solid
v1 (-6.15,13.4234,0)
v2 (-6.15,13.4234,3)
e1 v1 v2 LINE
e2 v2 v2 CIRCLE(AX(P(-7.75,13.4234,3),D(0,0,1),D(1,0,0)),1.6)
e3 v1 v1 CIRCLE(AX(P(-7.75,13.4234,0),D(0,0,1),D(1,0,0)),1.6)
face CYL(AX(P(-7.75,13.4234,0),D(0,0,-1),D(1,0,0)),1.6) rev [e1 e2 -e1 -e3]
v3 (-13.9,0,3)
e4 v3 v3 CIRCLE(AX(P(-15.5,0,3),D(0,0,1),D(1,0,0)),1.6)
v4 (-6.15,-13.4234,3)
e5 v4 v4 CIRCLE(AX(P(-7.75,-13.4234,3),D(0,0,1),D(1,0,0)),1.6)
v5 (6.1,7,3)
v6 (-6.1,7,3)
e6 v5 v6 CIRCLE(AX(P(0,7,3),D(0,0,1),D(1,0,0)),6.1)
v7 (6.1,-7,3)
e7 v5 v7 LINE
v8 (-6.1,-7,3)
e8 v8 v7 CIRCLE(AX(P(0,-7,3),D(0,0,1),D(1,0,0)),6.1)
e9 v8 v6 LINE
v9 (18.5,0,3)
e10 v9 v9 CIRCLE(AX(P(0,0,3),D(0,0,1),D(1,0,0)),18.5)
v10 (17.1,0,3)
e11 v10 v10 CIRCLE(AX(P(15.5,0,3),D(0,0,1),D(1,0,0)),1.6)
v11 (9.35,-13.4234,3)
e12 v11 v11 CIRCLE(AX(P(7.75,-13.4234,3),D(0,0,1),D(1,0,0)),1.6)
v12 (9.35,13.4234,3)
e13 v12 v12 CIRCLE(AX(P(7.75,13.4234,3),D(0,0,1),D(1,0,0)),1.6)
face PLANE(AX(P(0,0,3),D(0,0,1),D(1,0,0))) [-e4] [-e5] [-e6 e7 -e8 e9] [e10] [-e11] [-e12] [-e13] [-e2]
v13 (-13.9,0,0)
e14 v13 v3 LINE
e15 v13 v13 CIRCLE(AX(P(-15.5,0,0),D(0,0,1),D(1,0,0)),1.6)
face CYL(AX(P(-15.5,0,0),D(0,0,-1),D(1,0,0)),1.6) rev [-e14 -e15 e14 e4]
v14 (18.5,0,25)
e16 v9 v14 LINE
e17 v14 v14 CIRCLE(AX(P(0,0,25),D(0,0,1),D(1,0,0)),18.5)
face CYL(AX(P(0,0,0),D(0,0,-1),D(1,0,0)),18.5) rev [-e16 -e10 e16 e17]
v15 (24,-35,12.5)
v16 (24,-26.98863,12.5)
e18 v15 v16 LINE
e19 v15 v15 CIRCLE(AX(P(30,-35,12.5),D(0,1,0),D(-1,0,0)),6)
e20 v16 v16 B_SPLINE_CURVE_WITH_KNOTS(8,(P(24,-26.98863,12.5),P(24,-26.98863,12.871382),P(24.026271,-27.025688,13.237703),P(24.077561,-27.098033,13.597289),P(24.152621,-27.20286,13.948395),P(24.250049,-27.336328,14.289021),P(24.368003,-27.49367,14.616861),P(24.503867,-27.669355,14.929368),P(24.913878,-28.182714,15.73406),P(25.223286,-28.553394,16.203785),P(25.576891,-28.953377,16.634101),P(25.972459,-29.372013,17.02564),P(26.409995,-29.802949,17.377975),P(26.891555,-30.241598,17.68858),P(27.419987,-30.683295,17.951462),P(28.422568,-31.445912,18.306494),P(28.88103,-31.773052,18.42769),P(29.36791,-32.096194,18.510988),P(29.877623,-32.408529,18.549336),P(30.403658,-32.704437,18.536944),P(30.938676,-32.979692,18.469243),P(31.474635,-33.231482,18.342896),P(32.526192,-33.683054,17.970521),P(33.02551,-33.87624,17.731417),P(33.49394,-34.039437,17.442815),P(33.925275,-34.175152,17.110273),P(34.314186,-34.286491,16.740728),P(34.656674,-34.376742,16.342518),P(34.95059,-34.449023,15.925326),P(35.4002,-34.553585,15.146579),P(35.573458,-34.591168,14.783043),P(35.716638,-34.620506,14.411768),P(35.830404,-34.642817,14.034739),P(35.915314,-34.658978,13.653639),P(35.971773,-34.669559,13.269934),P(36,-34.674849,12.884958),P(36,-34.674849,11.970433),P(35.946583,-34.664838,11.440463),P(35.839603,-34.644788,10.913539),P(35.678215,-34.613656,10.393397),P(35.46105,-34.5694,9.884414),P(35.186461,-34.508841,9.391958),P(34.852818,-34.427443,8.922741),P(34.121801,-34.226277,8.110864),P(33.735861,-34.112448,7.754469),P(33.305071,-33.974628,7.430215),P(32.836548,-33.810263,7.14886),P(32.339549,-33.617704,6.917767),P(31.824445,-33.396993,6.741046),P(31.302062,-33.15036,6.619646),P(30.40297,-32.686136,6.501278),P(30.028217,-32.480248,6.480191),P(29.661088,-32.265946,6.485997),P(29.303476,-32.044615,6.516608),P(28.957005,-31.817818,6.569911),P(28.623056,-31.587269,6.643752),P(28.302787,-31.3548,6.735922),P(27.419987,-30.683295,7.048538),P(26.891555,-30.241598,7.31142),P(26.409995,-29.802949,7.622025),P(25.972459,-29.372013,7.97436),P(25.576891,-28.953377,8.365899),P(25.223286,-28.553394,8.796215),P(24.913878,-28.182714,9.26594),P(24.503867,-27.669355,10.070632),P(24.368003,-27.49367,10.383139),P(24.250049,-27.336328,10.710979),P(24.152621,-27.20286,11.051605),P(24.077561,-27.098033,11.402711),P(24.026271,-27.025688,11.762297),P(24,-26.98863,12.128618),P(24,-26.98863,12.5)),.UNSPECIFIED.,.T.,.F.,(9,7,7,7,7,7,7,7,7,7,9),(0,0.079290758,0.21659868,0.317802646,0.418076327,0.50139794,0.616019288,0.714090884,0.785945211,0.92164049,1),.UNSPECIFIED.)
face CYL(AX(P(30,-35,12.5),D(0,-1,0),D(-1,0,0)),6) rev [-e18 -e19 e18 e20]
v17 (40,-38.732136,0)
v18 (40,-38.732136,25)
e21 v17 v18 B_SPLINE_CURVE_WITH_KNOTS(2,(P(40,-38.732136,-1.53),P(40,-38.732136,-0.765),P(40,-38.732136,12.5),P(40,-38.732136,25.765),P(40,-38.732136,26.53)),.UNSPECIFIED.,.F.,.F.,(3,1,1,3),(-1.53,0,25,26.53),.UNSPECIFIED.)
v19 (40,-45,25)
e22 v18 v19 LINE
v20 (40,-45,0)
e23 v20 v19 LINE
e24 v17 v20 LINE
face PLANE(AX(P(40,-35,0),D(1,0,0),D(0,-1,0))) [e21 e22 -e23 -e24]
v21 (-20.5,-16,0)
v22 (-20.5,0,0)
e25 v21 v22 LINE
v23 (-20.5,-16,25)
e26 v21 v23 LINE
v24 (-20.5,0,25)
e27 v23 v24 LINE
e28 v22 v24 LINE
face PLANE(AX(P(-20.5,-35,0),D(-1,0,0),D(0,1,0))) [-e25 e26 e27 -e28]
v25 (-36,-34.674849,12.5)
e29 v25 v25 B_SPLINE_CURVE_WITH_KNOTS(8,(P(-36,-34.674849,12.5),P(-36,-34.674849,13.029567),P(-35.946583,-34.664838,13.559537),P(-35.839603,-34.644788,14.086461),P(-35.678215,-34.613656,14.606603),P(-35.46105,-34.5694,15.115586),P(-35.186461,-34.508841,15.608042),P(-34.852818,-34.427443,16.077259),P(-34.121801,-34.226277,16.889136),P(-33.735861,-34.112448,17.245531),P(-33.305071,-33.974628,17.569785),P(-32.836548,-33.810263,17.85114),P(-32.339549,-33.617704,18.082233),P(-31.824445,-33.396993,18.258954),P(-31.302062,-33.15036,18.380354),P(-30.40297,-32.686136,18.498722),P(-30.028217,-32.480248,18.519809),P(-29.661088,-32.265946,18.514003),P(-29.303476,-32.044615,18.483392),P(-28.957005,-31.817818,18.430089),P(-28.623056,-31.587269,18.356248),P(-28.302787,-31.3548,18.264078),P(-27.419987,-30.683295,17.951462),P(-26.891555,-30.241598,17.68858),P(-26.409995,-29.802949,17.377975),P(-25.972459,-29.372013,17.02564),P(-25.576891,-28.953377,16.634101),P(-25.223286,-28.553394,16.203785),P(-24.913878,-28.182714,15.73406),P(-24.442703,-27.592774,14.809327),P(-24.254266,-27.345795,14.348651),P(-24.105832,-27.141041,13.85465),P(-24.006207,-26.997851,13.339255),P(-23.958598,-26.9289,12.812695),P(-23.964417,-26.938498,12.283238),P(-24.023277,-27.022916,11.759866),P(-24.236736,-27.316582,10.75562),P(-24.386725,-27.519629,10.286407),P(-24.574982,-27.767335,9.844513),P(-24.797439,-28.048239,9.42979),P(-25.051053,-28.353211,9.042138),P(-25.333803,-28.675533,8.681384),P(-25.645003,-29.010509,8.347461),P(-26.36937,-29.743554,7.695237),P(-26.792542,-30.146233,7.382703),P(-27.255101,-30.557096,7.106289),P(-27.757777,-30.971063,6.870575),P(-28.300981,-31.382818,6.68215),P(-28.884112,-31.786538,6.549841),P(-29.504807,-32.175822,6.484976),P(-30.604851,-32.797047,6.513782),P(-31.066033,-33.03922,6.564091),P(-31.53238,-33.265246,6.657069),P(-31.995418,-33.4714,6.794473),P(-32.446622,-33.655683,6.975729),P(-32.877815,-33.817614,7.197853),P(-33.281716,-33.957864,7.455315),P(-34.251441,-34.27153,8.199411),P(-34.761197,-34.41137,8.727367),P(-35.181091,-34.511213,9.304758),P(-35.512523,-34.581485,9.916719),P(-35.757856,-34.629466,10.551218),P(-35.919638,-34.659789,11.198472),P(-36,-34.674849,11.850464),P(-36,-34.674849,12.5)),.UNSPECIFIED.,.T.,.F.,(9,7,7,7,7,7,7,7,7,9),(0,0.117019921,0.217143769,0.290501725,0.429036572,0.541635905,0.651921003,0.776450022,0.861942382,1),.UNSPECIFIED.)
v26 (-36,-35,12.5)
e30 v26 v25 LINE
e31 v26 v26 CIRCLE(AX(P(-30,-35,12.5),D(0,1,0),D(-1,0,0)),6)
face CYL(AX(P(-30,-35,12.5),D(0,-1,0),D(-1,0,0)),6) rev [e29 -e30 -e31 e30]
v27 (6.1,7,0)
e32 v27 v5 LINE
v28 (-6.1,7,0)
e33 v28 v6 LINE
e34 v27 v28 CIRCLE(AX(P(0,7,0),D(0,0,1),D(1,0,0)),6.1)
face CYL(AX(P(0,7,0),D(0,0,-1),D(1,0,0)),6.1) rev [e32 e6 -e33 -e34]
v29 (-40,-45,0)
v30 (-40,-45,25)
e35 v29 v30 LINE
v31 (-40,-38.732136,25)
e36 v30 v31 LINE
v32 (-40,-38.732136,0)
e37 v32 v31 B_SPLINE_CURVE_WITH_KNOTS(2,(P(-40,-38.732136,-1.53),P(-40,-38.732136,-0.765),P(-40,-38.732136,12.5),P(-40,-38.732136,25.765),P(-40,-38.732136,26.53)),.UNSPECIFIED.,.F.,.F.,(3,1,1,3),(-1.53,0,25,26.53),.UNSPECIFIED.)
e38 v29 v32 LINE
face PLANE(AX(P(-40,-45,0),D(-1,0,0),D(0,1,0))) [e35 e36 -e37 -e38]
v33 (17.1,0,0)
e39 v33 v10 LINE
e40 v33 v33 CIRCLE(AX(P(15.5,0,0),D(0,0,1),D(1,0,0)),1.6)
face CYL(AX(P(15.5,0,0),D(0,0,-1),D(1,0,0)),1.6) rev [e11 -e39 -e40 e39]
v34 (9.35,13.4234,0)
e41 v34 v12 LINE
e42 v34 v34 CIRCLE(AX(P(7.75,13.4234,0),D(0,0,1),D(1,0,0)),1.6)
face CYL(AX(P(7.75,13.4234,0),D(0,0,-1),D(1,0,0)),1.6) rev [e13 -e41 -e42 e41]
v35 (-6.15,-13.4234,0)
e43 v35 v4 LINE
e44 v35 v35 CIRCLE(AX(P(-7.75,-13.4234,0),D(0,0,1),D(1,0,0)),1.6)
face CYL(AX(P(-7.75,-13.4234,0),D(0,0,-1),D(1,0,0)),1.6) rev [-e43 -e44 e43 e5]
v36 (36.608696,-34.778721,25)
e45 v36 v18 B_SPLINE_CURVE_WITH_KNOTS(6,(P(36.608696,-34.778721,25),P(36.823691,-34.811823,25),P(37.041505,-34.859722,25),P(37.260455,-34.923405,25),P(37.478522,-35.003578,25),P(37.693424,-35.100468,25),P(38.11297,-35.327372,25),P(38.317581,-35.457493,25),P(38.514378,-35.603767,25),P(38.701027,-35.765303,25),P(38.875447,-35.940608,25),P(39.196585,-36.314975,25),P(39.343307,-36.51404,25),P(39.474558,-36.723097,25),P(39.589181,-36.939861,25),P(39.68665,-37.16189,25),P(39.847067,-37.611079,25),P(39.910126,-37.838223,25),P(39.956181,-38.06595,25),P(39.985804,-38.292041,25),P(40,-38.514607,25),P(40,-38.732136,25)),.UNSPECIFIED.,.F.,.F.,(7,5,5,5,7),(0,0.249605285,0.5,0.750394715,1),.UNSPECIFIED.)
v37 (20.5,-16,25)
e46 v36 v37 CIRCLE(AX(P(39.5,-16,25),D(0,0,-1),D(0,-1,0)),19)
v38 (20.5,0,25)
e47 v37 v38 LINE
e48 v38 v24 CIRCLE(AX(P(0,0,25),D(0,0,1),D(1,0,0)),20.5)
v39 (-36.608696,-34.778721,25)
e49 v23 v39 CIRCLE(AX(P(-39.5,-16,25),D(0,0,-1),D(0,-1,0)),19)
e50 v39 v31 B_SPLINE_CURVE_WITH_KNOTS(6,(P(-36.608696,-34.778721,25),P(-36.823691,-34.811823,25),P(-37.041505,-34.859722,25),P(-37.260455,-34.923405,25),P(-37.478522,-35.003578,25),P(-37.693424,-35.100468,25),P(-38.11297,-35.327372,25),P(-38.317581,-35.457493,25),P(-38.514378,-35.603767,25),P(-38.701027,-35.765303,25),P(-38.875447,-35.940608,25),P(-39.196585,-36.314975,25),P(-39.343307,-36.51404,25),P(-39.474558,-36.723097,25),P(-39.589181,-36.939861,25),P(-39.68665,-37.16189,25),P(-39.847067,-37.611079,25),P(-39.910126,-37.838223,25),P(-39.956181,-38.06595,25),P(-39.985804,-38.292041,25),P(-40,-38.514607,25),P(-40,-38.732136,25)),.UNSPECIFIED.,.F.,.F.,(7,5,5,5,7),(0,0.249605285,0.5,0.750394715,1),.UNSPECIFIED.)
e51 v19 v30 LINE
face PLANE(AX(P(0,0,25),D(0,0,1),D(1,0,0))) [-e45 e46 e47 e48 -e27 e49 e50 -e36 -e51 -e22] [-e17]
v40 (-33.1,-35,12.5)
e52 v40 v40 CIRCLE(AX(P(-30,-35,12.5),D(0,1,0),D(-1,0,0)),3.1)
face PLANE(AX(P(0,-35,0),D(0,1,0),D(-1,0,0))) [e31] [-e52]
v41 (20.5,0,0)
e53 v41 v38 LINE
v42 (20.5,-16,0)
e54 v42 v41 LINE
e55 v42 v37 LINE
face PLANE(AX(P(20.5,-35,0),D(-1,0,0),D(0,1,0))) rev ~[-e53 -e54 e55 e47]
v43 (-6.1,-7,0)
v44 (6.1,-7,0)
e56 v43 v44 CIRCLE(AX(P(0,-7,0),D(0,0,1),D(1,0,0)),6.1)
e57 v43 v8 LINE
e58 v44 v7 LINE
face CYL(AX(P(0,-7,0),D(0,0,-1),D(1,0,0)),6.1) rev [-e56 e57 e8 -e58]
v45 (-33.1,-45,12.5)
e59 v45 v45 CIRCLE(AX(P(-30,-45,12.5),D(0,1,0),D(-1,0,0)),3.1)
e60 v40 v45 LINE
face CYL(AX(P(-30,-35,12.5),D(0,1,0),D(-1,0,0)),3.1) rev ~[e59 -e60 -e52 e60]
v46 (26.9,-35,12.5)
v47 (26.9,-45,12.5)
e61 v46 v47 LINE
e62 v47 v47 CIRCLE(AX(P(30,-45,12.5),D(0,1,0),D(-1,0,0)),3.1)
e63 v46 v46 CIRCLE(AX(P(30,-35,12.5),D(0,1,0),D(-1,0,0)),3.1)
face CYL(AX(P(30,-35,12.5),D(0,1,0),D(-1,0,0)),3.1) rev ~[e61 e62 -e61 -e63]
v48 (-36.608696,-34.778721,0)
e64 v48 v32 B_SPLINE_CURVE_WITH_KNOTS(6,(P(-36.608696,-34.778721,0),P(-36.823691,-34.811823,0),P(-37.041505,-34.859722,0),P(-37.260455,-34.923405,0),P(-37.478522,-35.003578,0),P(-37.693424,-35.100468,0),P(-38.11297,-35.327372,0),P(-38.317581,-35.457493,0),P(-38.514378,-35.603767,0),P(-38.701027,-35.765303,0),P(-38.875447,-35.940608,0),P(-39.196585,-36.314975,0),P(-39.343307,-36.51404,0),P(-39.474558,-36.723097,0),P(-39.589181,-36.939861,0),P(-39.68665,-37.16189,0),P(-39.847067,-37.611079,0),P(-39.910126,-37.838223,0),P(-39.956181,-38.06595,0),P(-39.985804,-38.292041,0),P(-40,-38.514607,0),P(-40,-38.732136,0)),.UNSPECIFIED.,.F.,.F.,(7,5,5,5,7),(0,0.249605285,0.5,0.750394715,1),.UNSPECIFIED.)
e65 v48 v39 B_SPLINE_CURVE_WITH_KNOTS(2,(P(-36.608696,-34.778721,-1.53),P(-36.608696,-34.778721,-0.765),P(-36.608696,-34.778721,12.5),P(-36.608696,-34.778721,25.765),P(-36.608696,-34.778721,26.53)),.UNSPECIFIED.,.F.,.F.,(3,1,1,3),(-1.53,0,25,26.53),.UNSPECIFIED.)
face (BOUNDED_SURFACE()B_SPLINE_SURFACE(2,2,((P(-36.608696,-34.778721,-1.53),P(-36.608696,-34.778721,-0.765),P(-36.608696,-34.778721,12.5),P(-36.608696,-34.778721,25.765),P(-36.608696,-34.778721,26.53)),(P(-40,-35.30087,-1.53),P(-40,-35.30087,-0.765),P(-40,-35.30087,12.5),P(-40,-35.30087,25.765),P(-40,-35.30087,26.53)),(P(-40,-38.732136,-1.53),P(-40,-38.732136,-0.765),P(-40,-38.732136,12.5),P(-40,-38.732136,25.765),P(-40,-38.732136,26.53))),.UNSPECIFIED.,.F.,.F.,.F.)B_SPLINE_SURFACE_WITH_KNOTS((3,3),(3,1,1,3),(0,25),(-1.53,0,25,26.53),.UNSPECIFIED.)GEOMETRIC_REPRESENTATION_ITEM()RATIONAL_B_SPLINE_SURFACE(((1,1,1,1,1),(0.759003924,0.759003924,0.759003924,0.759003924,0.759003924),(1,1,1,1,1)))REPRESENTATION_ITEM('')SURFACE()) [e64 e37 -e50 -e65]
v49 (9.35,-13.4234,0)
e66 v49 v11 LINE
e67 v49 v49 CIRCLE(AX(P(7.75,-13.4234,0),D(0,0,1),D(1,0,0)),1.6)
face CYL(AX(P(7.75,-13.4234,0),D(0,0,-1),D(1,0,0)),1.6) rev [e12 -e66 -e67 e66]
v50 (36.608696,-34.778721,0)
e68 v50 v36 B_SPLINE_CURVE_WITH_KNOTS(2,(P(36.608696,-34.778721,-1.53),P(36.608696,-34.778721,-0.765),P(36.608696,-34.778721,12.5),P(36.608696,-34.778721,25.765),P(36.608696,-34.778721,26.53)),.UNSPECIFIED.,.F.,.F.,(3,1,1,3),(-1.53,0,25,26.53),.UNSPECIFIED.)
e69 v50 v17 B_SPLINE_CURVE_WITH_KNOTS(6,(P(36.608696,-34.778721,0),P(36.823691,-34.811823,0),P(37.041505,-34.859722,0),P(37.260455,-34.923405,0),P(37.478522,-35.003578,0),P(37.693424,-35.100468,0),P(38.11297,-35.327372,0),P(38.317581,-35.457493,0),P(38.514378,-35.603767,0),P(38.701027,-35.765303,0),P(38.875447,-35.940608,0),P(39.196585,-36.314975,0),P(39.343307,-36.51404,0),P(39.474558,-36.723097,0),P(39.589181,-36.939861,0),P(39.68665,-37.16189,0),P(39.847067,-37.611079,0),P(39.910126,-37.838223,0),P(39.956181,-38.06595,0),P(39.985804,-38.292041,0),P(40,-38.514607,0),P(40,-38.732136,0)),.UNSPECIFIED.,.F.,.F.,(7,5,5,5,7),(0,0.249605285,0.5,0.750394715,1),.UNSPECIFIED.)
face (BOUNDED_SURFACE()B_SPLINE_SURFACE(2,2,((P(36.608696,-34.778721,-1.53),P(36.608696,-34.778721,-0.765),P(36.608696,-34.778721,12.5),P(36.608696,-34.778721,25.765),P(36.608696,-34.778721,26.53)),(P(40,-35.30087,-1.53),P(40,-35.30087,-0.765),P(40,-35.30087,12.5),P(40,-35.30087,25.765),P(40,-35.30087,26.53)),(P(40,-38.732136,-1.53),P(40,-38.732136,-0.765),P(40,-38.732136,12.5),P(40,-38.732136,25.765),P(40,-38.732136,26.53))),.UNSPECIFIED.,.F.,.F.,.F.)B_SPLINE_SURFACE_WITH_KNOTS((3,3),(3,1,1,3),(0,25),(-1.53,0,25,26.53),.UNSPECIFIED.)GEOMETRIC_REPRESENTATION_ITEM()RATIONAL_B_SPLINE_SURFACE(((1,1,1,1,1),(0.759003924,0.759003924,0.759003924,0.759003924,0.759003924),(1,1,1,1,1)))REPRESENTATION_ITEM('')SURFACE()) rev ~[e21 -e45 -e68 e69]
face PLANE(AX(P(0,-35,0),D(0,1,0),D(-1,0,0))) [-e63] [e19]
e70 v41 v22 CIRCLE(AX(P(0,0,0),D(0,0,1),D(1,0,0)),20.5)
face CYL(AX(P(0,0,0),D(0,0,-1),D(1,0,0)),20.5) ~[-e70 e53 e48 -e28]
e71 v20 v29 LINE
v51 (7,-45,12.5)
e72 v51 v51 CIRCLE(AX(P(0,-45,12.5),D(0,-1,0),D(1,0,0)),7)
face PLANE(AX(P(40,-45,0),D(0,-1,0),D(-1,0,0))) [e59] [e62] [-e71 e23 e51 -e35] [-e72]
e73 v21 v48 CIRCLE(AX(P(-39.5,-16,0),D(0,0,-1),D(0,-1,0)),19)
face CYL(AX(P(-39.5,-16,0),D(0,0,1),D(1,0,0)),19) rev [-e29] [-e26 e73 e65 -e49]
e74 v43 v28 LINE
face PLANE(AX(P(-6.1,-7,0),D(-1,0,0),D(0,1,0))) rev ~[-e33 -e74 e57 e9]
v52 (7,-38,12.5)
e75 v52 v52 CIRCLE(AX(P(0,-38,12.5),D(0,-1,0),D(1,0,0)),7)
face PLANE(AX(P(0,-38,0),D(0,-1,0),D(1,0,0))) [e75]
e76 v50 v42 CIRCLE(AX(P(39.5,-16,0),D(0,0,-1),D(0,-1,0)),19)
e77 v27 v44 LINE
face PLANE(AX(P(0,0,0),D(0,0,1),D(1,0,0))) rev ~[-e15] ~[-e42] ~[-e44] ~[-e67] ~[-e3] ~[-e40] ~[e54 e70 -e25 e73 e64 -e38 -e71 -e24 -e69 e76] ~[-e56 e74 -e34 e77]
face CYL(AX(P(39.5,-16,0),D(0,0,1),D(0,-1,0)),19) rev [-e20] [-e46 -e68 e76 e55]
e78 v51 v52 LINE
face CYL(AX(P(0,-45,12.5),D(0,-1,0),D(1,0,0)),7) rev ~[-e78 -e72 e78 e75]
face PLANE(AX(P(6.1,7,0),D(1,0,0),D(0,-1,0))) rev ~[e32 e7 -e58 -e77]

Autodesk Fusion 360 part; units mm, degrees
sketch "Sketch1" plane through (0, 0, 0) normal (0, 0, 1) x (1, 0, 0)
  circle A0 centre (0, 0) radius 15.5 construction
  circle A1 centre (0, 0) radius 18.5
  circle A2 centre (0, 0) radius 20.5
  line L0 (-18.5, 0) -> (18.5, 0) construction
  circle A3 centre (-15.5, 0) radius 1.6
  circle A4 centre (15.5, 0) radius 1.6
  circle A5 centre (7.75, -13.4234) radius 1.6
  circle A6 centre (-7.75, -13.4234) radius 1.6
  circle A7 centre (7.75, 13.4234) radius 1.6
  circle A8 centre (-7.75, 13.4234) radius 1.6
  line L1 (0, 18.5) -> (0, -40) construction
  line L2 (40, -45) -> (-40, -45)
  line L3 (-40, -45) -> (-40, -35)
  line L4 (-40, -35) -> (40, -35)
  line L5 (40, -35) -> (40, -45)
  line L6 (40, -45) -> (-40, -35) construction
  line L7 (-40, -45) -> (40, -35) construction
  line L8 (-20.5, -35) -> (-20.5, 0)
  line L9 (20.5, -35) -> (20.5, 0)
  circle A9 centre (0, 7) radius 6.1
  circle A10 centre (0, -7) radius 6.1
  line L10 (-6.1, -7) -> (-6.1, 7)
  line L11 (6.1, 7) -> (6.1, -7)
  dimension "d1" = 31
  dimension "d2" = 37
  dimension "d3" = 2
  dimension "d4" = 3.2
  dimension "d5" = 3.2
  dimension "d6" = 3.2
  dimension "d7" = 3.2
  dimension "d8" = 3.2
  dimension "d9" = 3.2
  dimension "d10" = 15.5
  dimension "d11" = 15.5
  dimension "d12" = 15.5
  dimension "d13" = 15.5
  dimension "d14" = 15.5
  dimension "d21" = 10
  dimension "d22" = 80
  dimension "d32" = 12.2
  dimension "d33" = 7
  dimension "d52" = 35
extrude "Extrude1" add sketch "Sketch1" along normal blind 3 contours A1
extrude "Extrude2" add sketch "Sketch1" along normal blind 25 contours A2 | A2 L4 L8 L9 | L2 L3 L4 L5
sketch "Sketch6" plane through (0, -35, 0) normal (0, 1, 0) x (-1, 0, 0)
  line L0 (20.5, 0) -> (40, 0)
  line L1 (40, 0) -> (40, 25)
  line L2 (40, 25) -> (20.5, 25)
  line L3 (20.5, 25) -> (20.5, 0)
  line L4 (-40, 0) -> (-20.5, 0)
  line L5 (-20.5, 0) -> (-20.5, 25)
  line L6 (-20.5, 25) -> (-40, 25)
  line L7 (-40, 25) -> (-40, 0)
  line L8 (-40, 12.5) -> (40, 12.5) construction
  circle A0 centre (-30, 12.5) radius 3.1
  line L9 (0, 0) -> (0, 42.7428) construction
  circle A1 centre (30, 12.5) radius 3.1
  circle A2 centre (30, 12.5) radius 6
  circle A3 centre (-30, 12.5) radius 6
  dimension "d42" = 6.2
  dimension "d43" = 6.2
  dimension "d44" = 30
  dimension "d45" = 30
  dimension "d46" = 12
  dimension "d47" = 12
fillet "Fillet2" radius 19 2 edges at (20.5, -35, 12.5) (-20.5, -35, 12.5)
extrude "Extrude3" cut sketch "Sketch6" against normal through all contours A0 | A1
extrude "Extrude4" cut sketch "Sketch6" along normal through all contours A0 | A1 | A2 | A3
fillet "Fillet3" radius 4 2 edges at (40, -35, 12.5) (-40, -35, 12.5)
sketch "Sketch7" plane through (0, -45, 0) normal (0, -1, 0) x (1, 0, 0)
  circle A0 centre (30, 12.5) radius 3.1
  circle A1 centre (-30, 12.5) radius 3.1
  line L0 (-40, 0) -> (40, 0)
  line L1 (40, 0) -> (40, 25)
  line L2 (40, 25) -> (-40, 25)
  line L3 (-40, 25) -> (-40, 0)
  line L4 (-30, 12.5) -> (30, 12.5) construction
  circle A2 centre (0, 12.5) radius 7
  dimension "d55" = 14
extrude "Extrude7" cut sketch "Sketch7" against normal blind 7 contours A2
